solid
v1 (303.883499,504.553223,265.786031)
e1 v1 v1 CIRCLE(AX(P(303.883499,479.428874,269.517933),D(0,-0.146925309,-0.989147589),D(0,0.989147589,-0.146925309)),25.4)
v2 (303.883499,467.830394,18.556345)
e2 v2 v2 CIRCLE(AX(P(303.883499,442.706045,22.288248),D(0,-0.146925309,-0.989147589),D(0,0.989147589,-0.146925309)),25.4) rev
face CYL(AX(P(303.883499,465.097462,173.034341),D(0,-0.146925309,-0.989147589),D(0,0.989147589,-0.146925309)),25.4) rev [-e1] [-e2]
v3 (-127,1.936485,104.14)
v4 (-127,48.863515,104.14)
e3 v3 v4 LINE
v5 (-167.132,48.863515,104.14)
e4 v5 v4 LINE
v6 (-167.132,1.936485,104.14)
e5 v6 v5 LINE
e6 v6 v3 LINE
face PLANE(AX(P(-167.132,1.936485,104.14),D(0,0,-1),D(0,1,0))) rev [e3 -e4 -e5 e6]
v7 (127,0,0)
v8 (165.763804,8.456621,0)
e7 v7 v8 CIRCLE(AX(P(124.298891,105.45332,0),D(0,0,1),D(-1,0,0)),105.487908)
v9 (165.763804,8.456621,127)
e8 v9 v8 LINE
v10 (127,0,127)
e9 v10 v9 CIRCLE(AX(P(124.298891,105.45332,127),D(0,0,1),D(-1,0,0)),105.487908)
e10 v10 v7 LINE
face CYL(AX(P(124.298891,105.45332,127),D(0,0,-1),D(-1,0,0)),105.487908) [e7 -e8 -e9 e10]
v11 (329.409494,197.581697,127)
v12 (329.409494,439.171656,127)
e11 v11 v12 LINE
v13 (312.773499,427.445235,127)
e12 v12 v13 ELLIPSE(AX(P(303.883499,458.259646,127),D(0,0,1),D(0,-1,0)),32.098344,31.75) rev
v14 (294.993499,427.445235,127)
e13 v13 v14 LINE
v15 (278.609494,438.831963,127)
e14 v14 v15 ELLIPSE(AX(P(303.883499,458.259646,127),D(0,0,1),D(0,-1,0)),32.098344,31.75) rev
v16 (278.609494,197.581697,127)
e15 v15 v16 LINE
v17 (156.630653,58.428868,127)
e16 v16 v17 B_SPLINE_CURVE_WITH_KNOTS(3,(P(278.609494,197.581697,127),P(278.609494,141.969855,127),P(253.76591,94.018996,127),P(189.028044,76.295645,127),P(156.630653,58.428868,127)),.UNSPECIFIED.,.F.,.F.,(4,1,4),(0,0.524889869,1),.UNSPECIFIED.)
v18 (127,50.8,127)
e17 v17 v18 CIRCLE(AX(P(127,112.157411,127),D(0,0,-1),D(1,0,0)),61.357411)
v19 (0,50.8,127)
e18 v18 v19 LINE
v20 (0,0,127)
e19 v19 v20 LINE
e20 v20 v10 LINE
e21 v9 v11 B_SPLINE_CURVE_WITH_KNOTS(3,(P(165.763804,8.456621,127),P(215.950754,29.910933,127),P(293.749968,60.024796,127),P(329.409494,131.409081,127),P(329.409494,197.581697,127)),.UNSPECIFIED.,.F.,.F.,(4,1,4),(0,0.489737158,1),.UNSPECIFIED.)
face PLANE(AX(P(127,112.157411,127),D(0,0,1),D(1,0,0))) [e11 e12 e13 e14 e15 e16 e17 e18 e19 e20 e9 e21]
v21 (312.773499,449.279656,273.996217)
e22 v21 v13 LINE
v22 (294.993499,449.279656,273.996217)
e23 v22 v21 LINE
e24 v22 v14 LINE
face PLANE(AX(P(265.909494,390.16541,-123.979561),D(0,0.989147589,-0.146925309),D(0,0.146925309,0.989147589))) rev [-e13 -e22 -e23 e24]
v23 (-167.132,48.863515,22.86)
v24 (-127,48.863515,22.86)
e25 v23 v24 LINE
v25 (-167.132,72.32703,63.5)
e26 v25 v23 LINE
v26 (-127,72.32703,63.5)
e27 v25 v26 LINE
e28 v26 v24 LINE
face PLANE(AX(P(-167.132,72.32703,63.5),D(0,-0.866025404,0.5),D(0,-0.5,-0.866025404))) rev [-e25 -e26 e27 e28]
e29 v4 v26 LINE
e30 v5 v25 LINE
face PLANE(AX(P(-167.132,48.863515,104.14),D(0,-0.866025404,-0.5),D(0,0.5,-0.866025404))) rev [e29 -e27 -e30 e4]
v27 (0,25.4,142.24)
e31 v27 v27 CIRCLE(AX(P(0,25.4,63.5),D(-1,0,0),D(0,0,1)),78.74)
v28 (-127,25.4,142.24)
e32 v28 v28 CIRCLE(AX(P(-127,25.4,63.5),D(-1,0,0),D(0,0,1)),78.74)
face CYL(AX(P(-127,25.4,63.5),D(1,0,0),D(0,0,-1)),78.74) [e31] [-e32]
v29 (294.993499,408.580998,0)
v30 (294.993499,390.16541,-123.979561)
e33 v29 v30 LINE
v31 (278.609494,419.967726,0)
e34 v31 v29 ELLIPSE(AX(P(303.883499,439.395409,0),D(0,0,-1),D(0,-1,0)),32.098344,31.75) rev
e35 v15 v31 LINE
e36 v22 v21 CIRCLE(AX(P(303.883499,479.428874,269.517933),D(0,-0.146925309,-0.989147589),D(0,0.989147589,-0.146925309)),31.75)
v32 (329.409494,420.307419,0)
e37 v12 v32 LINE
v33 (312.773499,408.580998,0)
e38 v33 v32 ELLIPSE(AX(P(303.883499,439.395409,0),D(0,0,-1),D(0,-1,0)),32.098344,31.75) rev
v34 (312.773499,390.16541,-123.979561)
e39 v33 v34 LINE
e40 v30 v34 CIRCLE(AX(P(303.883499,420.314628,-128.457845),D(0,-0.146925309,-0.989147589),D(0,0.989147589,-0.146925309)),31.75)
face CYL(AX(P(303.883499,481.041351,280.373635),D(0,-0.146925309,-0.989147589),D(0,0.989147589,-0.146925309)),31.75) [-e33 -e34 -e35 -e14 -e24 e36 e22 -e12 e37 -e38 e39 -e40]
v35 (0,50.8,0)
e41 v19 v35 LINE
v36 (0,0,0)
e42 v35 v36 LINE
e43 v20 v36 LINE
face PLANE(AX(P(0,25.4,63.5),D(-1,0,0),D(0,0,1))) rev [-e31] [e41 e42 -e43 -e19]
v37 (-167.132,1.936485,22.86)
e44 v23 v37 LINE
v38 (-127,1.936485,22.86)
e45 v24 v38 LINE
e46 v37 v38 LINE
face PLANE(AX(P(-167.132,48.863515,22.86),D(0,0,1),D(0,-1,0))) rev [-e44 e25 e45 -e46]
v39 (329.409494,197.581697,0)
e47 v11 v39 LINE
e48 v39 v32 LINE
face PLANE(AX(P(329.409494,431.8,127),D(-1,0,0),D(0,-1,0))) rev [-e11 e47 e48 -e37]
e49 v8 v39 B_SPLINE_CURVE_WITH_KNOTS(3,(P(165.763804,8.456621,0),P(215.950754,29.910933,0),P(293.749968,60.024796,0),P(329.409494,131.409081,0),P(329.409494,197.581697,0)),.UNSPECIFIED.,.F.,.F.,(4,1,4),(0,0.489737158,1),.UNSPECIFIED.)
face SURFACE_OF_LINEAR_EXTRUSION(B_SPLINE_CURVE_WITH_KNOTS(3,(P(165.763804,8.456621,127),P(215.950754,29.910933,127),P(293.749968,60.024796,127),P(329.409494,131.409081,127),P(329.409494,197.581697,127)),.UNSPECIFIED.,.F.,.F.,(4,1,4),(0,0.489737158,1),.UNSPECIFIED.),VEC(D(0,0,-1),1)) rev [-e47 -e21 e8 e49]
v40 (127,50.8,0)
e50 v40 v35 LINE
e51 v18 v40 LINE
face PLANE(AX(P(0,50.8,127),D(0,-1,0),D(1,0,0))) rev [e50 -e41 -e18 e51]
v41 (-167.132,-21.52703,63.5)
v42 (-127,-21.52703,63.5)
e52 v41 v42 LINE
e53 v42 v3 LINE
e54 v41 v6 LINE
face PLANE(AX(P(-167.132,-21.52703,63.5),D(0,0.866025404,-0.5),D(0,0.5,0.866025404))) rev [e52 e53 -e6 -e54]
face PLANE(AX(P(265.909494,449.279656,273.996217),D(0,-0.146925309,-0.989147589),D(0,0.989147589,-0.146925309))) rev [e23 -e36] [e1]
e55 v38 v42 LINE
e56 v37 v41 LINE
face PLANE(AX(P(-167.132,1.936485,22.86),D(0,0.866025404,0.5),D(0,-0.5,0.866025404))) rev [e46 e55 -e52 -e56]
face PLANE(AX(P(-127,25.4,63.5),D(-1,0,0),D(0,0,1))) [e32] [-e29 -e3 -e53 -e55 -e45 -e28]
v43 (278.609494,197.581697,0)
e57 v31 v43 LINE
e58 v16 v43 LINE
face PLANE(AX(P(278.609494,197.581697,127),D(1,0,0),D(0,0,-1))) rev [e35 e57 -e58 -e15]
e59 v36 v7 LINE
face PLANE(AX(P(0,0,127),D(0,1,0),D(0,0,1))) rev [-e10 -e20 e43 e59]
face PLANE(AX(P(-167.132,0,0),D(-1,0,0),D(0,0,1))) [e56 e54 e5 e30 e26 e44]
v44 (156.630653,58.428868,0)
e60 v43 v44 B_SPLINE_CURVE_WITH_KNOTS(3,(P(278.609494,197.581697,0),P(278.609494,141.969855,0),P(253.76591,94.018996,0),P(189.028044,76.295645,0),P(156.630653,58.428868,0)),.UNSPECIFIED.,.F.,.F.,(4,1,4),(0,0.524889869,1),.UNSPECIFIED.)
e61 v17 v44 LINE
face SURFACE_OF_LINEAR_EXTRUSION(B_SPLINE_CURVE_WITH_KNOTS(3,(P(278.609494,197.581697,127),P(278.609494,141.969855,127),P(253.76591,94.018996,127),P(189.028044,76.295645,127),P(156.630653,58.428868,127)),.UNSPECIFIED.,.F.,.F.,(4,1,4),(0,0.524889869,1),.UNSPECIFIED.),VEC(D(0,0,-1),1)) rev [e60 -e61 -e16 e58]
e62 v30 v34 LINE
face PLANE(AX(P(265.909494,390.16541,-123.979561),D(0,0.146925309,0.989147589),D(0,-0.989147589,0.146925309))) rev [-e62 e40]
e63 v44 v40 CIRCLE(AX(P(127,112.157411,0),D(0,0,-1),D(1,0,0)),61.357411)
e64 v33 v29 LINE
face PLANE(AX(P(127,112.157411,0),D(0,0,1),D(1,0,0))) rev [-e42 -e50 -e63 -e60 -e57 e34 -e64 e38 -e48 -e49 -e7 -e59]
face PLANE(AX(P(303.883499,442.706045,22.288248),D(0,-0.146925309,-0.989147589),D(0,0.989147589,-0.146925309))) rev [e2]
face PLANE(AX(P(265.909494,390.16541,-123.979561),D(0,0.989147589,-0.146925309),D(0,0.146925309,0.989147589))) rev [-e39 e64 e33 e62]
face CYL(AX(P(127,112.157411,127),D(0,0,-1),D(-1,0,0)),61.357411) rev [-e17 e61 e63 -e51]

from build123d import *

# Parameters (mm, degrees)
BOSS_EXTRUDE1_DEPTH      = 127
SKETCH2_R                = 78.74
BOSS_EXTRUDE2_DEPTH      = 127
BOSS_EXTRUDE3_DEPTH      = 40.132
BOSS_EXTRUDE4_DEPTH      = 12.7
BOSS_EXTRUDE4_DEPTH_BACK = 63.5
CUT_EXTRUDE4_DEPTH       = 719.599431417
SKETCH7_R                = 25.4
CUT_EXTRUDE5_DEPTH       = 304.8
BOSS_EXTRUDE5_DEPTH      = 50.8
SKETCH9_R                = 25.4
CUT_EXTRUDE6_DEPTH       = 706.793572447
SKETCH10_R               = 28.426883493
BOSS_EXTRUDE6_DEPTH      = 152.4


with BuildPart() as part:
    # Sketch1 → Boss-Extrude1 (new body)
    with BuildSketch(Plane.XY):
        with BuildLine():
            Line((0, 0), (127, 0))
            ThreePointArc((127, 0), (146.783062772, 2.389452828), (165.763803889, 8.456620544))
            add(Edge.make_bspline(
                [(165.763803889, 8.456620544), (215.95075425, 29.910933142), (293.749967936, 60.02479605), (329.40949352, 131.409080947), (329.40949352, 197.581697377)],
                knots=[0, 0, 0, 0, 0.489737158, 1, 1, 1, 1], degree=3))
            Line((329.40949352, 197.581697377), (329.40949352, 431.8))
            Line((329.40949352, 431.8), (278.60949352, 431.8))
            Line((278.60949352, 431.8), (278.60949352, 197.581697377))
            add(Edge.make_bspline(
                [(156.630652755, 58.428868346), (189.028044031, 76.295644753), (253.765909659, 94.018996051), (278.60949352, 141.969854777), (278.60949352, 197.581697377)],
                knots=[0, 0, 0, 0, 0.475110131, 1, 1, 1, 1], degree=3))
            ThreePointArc((156.630652755, 58.428868346), (142.298490244, 52.737817604), (127, 50.8))
            Line((127, 50.8), (0, 50.8))
            Line((0, 50.8), (0, 0))
        make_face()
    extrude(amount=BOSS_EXTRUDE1_DEPTH)

    # Sketch2 → Boss-Extrude2 (add)
    with BuildSketch(Plane.ZY):
        with Locations((63.5, 25.4)):
            Circle(SKETCH2_R)
    extrude(amount=BOSS_EXTRUDE2_DEPTH)

    # Sketch3 → Boss-Extrude3 (add)
    with BuildSketch(Plane.ZY.offset(127)):
        Polygon((63.5, 72.32702988), (22.86, 48.86351494), (22.86, 1.93648506), (63.5, -21.52702988), (104.14, 1.93648506), (104.14, 48.86351494), align=None)
    extrude(amount=BOSS_EXTRUDE3_DEPTH)

    # Sketch4 → Boss-Extrude4 (add, two sides: drawn at the far end of the back side and taken through both)
    with BuildSketch(Plane.ZY.offset(-278.60949352).offset(-BOSS_EXTRUDE4_DEPTH_BACK)):
        Polygon((-123.979561218, 390.165409655), (273.996216856, 449.279655757), (262.901002007, 523.976146929), (-135.074776066, 464.861900827), align=None)
    extrude(amount=BOSS_EXTRUDE4_DEPTH + BOSS_EXTRUDE4_DEPTH_BACK)

    # Sketch6 → Cut-Extrude4 (cut, through all)
    with BuildSketch(Plane(origin=(0, -9.595531889, -64.600151761), x_dir=(-1, 0, 0), z_dir=(0, -0.14692530866024317, -0.9891475894299558))):
        with BuildLine():
            Line((-342.10949352, 404.146909738), (-312.773498747, 404.146909738))
            ThreePointArc((-312.773498747, 404.146909738), (-322.933498747, 460.026909738), (-272.133498747, 434.626909738))
            ThreePointArc((-272.133498747, 434.626909738), (-278.483498747, 415.576909738), (-294.993498747, 404.146909738))
            Line((-294.993498747, 404.146909738), (-265.90949352, 404.146909738))
            Line((-265.90949352, 404.146909738), (-265.90949352, 479.662931787))
            Line((-265.90949352, 479.662931787), (-342.10949352, 479.662931787))
            Line((-342.10949352, 479.662931787), (-342.10949352, 404.146909738))
        make_face()
    extrude(amount=-CUT_EXTRUDE4_DEPTH, mode=Mode.SUBTRACT)

    # Sketch7 → Cut-Extrude5 (cut)
    with BuildSketch(Plane(origin=(0, -9.595531889, -64.600151761), x_dir=(-1, 0, 0), z_dir=(0, -0.14692530866024317, -0.9891475894299558))):
        with Locations(Location((-303.883498747, 434.626909738, 0), (0, 0, 90))):
            Circle(SKETCH7_R)
    extrude(amount=-CUT_EXTRUDE5_DEPTH, mode=Mode.SUBTRACT)

    # Sketch8 → Boss-Extrude5 (add)
    with BuildSketch(Plane.ZY.offset(-278.60949352)):
        Polygon((0, 400.877395826), (0, 426.277395826), (127, 445.141632467), (127, 419.741632467), align=None)
    extrude(amount=-BOSS_EXTRUDE5_DEPTH)

    # Sketch9 → Cut-Extrude6 (cut, through all)
    with BuildSketch(Plane(origin=(0, -9.595531889, -64.600151761), x_dir=(-1, 0, 0), z_dir=(0, -0.14692530866024317, -0.9891475894299558))):
        with Locations(Location((-303.883498747, 434.626909738, 0), (0, 0, 90))):
            Circle(SKETCH9_R)
    extrude(amount=-CUT_EXTRUDE6_DEPTH, mode=Mode.SUBTRACT)

    # Sketch10 → Boss-Extrude6 (add)
    with BuildSketch(Plane(origin=(0, -9.595531889, -64.600151761), x_dir=(-1, 0, 0), z_dir=(0, -0.14692530866024317, -0.9891475894299558))):
        with Locations((-303.883498747, 434.626909738)):
            Circle(SKETCH10_R)
    extrude(amount=-BOSS_EXTRUDE6_DEPTH)


solid = part.part
